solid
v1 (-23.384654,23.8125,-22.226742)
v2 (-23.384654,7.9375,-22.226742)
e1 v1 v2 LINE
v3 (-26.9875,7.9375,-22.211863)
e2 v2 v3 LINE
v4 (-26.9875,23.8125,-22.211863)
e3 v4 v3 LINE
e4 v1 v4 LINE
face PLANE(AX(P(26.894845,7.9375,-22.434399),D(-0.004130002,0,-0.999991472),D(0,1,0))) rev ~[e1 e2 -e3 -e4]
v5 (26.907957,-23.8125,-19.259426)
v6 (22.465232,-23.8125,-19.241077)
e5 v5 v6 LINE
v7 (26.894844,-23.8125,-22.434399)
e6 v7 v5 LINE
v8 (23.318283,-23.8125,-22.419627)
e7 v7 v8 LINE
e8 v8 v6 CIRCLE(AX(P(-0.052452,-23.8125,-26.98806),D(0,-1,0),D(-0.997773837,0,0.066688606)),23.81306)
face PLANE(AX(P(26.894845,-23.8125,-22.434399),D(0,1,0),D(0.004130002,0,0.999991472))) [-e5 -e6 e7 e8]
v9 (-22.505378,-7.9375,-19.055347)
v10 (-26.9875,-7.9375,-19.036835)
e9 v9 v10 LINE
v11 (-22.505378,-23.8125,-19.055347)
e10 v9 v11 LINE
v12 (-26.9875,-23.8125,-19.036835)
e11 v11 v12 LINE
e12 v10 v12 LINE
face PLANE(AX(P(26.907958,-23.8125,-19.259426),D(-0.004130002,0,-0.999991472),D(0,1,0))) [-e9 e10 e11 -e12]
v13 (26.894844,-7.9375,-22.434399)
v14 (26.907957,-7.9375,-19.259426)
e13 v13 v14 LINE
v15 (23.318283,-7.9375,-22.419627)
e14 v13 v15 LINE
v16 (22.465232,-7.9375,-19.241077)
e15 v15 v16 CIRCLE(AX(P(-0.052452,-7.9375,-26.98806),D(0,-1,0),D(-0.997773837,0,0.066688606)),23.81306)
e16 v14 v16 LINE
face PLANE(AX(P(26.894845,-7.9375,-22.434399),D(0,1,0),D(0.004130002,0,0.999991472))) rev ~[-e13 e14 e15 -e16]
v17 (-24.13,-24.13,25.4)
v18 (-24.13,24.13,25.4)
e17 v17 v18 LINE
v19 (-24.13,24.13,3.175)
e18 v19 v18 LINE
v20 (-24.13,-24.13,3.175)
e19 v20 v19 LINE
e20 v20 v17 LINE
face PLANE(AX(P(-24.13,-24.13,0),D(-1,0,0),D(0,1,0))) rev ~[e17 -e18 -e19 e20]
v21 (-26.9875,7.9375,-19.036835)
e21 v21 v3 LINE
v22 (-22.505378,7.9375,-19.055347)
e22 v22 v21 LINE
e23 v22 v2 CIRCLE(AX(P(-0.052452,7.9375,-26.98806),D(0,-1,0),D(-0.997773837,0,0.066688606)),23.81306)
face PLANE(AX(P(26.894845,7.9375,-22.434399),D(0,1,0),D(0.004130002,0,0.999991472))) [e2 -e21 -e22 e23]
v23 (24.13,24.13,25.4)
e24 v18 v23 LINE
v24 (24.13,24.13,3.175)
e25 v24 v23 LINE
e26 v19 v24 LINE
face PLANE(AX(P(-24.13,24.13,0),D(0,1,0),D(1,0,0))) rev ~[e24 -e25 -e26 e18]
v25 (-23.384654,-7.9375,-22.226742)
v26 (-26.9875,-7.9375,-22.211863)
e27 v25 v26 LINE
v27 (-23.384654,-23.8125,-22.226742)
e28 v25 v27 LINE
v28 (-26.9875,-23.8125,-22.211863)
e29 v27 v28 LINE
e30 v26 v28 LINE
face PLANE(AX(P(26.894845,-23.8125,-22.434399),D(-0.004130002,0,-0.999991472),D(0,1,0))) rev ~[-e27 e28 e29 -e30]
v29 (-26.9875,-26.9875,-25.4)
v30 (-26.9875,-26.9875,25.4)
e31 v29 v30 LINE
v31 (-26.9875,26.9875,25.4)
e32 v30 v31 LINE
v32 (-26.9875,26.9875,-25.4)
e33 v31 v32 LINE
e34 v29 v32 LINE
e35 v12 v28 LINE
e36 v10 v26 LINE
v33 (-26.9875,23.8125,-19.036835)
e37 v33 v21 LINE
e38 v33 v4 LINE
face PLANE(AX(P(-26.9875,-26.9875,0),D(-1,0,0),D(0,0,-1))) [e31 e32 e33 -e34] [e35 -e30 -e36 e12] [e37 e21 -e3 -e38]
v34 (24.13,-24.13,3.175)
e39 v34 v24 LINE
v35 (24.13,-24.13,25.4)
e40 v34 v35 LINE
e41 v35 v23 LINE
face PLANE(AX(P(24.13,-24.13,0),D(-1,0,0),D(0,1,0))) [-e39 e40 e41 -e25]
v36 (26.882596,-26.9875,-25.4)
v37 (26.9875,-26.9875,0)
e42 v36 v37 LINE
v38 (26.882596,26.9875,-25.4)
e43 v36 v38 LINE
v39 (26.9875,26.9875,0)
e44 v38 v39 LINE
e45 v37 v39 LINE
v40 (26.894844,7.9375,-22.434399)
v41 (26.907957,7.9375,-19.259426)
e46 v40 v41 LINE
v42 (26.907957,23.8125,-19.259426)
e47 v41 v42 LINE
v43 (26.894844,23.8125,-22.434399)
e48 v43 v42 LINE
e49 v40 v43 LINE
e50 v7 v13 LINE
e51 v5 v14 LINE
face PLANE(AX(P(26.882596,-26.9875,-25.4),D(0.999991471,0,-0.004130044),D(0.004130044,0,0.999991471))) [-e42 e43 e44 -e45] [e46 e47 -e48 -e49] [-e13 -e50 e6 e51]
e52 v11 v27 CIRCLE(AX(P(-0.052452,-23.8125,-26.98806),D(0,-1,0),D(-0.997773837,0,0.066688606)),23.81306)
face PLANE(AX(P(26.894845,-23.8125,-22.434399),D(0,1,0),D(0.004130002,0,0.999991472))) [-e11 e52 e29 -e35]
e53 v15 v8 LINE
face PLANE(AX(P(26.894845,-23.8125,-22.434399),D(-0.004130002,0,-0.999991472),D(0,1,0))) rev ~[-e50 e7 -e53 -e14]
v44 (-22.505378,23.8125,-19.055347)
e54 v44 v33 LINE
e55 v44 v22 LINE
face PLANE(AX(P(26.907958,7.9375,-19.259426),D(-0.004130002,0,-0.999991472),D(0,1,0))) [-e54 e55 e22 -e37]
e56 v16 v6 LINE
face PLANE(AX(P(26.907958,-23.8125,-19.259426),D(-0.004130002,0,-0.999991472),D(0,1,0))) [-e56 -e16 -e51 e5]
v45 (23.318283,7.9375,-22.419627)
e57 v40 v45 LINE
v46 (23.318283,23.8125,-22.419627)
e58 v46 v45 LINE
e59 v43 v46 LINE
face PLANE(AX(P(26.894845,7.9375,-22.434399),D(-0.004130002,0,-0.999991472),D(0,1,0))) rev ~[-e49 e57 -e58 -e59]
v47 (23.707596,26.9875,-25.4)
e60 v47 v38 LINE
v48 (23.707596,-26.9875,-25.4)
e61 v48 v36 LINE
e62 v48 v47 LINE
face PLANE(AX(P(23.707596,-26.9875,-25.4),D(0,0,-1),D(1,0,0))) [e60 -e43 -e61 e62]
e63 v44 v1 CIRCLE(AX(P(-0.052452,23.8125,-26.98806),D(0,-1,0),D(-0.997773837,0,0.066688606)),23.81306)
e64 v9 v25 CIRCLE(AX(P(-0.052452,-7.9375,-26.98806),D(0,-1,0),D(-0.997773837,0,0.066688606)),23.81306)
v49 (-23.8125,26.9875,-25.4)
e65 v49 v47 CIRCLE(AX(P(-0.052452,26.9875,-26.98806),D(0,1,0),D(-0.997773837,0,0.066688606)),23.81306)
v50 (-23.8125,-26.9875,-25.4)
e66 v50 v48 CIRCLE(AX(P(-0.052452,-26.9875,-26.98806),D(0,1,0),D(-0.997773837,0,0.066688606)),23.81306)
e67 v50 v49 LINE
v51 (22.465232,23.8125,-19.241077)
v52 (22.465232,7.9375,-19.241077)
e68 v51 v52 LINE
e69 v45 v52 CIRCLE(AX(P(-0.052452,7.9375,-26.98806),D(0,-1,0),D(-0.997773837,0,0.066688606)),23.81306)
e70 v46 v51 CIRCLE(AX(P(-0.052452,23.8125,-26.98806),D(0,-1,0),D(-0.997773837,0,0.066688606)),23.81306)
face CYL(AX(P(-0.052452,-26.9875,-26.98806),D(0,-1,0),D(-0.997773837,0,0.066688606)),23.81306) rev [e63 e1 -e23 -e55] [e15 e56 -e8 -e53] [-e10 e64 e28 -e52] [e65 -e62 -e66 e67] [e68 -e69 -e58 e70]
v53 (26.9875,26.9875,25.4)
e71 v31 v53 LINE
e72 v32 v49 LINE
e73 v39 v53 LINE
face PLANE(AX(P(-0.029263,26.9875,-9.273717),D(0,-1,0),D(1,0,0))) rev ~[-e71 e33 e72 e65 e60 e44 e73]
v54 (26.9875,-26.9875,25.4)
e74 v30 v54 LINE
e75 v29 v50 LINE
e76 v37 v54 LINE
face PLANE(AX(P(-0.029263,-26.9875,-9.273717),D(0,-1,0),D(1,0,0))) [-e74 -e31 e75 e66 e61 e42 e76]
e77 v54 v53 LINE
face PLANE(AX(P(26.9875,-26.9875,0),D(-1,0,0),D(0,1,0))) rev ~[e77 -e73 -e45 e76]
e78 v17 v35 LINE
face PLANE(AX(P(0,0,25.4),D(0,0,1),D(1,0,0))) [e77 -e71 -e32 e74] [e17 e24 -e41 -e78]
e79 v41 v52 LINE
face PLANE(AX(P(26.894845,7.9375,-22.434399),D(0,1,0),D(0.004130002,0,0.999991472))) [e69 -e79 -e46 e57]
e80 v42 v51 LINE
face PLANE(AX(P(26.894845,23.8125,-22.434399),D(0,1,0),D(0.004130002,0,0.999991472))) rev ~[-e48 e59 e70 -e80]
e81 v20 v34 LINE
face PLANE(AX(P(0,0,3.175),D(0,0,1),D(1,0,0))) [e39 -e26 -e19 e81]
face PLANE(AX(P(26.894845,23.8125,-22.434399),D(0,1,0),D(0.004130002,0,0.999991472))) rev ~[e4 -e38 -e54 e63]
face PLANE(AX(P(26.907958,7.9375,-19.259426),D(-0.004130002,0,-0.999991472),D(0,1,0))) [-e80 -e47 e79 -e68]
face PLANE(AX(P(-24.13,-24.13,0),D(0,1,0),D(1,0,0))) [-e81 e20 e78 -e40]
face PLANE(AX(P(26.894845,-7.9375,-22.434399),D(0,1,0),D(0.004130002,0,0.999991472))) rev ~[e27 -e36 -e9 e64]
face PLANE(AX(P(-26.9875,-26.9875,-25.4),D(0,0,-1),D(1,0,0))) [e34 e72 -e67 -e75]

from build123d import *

# Parameters (mm, degrees)
F0_W     = 48.26
F0_H     = 48.26
F1_DEPTH = 3.175
F0_W_2   = 53.975
F0_H_2   = 53.975
F2_DEPTH = 25.4
F4_DEPTH = 53.975
F5_W     = 15.875
F5_H     = 3.175
F6_DEPTH = 63.5


with BuildPart() as f1:
    # F0 (on Top) → F1 (new body)
    with BuildSketch(Plane.XY):
        Rectangle(F0_W, F0_H)
    extrude(amount=F1_DEPTH)

    # F0 (on Top) → F2 (join)
    with BuildSketch(Plane.XY):
        Rectangle(F0_W_2, F0_H_2)
        Rectangle(F0_W, F0_H, mode=Mode.SUBTRACT)
    extrude(amount=F2_DEPTH)

    # F3 (on face) → F4 (join)
    with BuildSketch(Plane.XZ.offset(26.9875)):
        with BuildLine():
            Line((26.9875, 0), (-26.9875, 0))
            Line((-26.9875, 0), (-26.9875, -25.4))
            Line((-26.9875, -25.4), (-23.8125, -25.4))
            ThreePointArc((-23.8125, -25.4), (-0.052452, -3.175), (23.707596, -25.4))
            Line((23.707596, -25.4), (26.882596, -25.4))
            Line((26.882596, -25.4), (26.9875, 0))
        make_face()
    extrude(amount=-F4_DEPTH)

    # F5 (on face) → F6 (cut)
    with BuildSketch(Plane(origin=(26.98704, 0, -0.111459), x_dir=(0, 1, 0), z_dir=(0.999991, 0, -0.00413))):
        with Locations((-15.875, -20.73563)):
            Rectangle(F5_W, F5_H)
        with Locations((15.875, -20.73563)):
            Rectangle(F5_W, F5_H)
    extrude(amount=-F6_DEPTH, mode=Mode.SUBTRACT)


solid = f1.part
